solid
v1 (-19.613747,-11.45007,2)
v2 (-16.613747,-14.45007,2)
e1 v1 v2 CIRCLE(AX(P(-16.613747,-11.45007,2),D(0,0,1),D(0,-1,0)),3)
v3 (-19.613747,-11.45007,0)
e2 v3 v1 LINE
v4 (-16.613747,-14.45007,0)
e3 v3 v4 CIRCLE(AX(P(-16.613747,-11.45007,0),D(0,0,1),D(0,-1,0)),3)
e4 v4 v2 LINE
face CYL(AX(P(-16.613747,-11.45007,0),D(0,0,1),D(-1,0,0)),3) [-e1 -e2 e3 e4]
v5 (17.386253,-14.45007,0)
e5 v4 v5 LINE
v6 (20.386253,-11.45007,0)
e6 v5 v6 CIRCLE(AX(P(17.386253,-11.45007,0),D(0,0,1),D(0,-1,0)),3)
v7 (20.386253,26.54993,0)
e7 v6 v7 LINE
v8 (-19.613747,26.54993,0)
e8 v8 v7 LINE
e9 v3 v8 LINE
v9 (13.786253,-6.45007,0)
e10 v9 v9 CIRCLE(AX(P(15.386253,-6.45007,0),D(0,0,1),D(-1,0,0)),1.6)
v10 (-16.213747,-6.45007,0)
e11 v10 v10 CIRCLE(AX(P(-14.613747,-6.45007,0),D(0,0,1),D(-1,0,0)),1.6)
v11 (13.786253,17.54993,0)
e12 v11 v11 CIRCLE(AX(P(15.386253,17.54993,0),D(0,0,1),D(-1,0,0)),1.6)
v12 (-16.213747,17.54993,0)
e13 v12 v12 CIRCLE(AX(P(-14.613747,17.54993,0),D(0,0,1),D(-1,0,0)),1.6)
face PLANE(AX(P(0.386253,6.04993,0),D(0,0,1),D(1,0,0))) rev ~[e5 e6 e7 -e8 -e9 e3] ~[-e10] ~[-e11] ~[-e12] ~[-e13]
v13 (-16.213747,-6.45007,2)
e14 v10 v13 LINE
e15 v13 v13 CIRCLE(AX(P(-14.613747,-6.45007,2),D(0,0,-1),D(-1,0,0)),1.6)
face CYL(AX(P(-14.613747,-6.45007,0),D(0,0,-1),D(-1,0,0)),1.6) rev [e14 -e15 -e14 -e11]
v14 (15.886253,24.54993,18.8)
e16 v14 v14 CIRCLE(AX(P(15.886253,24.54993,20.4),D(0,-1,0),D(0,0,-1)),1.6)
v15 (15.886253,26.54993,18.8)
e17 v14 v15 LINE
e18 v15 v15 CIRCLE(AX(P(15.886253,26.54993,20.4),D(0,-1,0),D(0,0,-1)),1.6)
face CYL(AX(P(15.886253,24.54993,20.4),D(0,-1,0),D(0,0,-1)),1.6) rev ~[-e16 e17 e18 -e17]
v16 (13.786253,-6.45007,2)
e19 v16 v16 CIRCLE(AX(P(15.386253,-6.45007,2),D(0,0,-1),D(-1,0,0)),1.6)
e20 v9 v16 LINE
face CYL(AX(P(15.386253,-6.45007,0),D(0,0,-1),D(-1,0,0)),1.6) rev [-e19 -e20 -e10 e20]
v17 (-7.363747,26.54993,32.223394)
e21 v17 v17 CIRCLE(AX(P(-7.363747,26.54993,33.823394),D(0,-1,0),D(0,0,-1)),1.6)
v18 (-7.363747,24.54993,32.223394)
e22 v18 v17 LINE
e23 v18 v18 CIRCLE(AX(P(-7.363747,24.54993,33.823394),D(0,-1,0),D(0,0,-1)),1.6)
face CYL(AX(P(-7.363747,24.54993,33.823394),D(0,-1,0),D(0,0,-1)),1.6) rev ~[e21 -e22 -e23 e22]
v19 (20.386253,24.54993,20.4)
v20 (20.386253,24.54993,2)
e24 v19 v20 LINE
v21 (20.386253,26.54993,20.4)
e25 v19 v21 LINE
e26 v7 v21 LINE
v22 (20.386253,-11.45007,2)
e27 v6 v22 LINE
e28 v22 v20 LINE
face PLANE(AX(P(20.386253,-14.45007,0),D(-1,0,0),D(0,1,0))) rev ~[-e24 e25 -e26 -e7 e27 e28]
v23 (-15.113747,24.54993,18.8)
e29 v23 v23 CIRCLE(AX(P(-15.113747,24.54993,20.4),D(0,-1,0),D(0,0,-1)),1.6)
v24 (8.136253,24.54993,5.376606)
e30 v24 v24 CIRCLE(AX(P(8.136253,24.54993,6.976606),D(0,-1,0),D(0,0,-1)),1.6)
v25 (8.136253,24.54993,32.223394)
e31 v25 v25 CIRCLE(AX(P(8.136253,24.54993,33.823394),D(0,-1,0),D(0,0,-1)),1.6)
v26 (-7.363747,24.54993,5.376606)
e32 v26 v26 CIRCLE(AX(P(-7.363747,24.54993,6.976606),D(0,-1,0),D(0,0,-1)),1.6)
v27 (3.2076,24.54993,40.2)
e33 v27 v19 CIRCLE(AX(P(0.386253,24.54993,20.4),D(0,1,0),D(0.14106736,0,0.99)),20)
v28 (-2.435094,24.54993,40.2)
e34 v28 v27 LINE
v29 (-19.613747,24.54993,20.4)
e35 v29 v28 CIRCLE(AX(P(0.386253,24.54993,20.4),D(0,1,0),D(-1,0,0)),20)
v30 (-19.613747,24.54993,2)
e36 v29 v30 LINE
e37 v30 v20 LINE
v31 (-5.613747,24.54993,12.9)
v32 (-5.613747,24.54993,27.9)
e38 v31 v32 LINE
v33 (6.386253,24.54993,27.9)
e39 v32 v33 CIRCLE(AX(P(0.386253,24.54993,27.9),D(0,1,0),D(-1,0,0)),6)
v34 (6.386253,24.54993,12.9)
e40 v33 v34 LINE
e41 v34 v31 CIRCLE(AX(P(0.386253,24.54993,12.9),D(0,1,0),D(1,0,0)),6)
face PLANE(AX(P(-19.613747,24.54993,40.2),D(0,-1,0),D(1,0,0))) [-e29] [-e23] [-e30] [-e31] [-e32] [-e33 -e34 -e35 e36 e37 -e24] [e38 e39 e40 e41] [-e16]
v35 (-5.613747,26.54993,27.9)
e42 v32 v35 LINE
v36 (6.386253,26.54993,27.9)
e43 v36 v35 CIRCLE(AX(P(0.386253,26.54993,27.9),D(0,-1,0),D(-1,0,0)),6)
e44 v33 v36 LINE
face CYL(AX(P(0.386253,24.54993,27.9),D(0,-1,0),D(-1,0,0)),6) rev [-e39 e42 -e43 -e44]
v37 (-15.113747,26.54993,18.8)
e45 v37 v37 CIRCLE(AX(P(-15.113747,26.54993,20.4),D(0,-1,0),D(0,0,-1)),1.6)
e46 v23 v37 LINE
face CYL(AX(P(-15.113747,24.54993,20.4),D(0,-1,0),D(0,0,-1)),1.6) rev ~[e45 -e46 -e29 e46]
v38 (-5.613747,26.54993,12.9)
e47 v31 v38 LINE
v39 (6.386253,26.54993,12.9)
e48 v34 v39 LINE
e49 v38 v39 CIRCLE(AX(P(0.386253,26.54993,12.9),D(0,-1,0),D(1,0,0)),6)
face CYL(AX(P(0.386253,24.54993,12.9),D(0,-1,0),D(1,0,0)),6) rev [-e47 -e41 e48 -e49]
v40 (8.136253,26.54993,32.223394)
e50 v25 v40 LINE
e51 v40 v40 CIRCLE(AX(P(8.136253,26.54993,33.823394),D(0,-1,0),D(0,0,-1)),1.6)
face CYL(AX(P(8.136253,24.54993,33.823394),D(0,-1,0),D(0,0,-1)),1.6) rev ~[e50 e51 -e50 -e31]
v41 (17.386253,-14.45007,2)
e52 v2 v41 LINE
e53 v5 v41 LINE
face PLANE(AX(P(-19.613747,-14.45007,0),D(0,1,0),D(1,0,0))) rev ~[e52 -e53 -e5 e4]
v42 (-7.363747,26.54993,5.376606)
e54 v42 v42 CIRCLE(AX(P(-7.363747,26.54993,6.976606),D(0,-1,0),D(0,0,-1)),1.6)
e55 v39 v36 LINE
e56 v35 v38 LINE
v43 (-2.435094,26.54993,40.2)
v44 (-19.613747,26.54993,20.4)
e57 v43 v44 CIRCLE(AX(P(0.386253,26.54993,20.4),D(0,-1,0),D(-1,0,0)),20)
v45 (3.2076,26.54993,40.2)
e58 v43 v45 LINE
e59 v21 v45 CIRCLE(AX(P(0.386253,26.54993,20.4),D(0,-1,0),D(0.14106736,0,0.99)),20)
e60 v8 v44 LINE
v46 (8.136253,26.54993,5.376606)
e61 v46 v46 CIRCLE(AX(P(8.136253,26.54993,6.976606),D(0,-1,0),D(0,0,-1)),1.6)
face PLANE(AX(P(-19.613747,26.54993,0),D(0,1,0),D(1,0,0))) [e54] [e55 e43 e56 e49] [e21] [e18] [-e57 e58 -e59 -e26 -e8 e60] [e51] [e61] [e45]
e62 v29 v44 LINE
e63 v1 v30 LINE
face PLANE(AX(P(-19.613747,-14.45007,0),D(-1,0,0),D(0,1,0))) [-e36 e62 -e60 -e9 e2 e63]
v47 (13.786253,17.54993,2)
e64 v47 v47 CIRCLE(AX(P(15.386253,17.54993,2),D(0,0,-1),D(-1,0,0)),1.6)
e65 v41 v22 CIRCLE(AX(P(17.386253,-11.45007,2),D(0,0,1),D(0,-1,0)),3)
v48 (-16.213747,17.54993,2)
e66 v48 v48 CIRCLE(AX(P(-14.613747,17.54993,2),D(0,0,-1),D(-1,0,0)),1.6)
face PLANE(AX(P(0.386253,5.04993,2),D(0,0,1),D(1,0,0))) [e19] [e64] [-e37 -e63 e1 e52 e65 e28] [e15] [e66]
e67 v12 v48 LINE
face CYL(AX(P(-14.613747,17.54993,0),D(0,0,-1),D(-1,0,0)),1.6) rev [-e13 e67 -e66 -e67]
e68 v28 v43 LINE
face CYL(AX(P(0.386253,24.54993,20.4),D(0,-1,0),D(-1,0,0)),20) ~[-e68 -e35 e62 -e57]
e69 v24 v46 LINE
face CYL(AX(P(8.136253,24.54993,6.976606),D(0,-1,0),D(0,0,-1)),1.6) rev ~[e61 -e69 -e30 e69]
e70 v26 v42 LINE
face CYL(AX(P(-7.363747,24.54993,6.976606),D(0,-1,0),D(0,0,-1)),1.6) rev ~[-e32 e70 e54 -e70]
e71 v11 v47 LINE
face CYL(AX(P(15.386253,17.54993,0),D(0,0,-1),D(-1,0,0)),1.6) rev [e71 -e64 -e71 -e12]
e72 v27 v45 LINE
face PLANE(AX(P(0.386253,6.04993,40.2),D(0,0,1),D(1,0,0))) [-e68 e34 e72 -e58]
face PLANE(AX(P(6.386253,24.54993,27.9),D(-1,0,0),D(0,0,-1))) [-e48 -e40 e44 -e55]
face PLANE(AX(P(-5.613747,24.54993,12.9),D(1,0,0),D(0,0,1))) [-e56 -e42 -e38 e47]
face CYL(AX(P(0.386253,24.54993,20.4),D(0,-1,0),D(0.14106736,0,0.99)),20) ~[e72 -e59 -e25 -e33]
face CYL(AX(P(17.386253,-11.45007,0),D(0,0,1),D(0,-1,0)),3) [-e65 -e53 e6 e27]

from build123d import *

# Parameters (mm, degrees)
SKETCH_2_W          = 40
SKETCH_2_H          = 41
SKETCH_2_R          = 1.6
EXTRUDE_1_DEPTH     = 40.2
SKETCH_3_W          = 40
SKETCH_3_H          = 39
CUT_EXTRUDE_1_DEPTH = 38.2
CUT_EXTRUDE_2_DEPTH = 60.604020905
SKETCH_5_R          = 1.6
CUT_EXTRUDE_3_DEPTH = 60.604020905
FILLET_1_R          = 3


with BuildPart() as part:
    # 草图2 → 凸台-拉伸1 (new body)
    with BuildSketch(Plane.XY):
        with Locations((0.386252919, 6.049930002)):
            Rectangle(SKETCH_2_W, SKETCH_2_H)
        with Locations(Location((-14.613747081, -6.450069998, 0), (0, 0, 180))):
            Circle(SKETCH_2_R, mode=Mode.SUBTRACT)
        with Locations(Location((15.386252919, -6.450069998, 0), (0, 0, 180))):
            Circle(SKETCH_2_R, mode=Mode.SUBTRACT)
        with Locations(Location((-14.613747081, 17.549930002, 0), (0, 0, 180))):
            Circle(SKETCH_2_R, mode=Mode.SUBTRACT)
        with Locations(Location((15.386252919, 17.549930002, 0), (0, 0, 180))):
            Circle(SKETCH_2_R, mode=Mode.SUBTRACT)
    extrude(amount=EXTRUDE_1_DEPTH)

    # 草图3 → 切除-拉伸1 (cut)
    with BuildSketch(Plane.XY.offset(40.2)):
        with Locations((0.386252919, 5.049930002)):
            Rectangle(SKETCH_3_W, SKETCH_3_H)
    extrude(amount=-CUT_EXTRUDE_1_DEPTH, mode=Mode.SUBTRACT)

    # 草图4 → 切除-拉伸2 (cut, through all)
    with BuildSketch(Plane.XZ.offset(-24.549930002)):
        with BuildLine():
            Line((-2.435094277, 40.2), (-19.613747081, 40.2))
            Line((-19.613747081, 40.2), (-19.613747081, 20.4))
            ThreePointArc((-19.613747081, 20.4), (-14.720483061, 33.50673598), (-2.435094277, 40.2))
        make_face()
        with BuildLine():
            Line((20.386252919, 40.2), (3.207600115, 40.2))
            ThreePointArc((3.207600115, 40.2), (15.492988899, 33.50673598), (20.386252919, 20.4))
            Line((20.386252919, 20.4), (20.386252919, 40.2))
        make_face()
    extrude(amount=-CUT_EXTRUDE_2_DEPTH, mode=Mode.SUBTRACT)

    # 草图5 → 切除-拉伸3 (cut, through all)
    with BuildSketch(Plane.XZ.offset(-24.549930002)):
        with Locations(Location((-15.113747081, 20.4, 0), (0, 0, 270))):
            Circle(SKETCH_5_R)
        with Locations(Location((15.886252919, 20.4, 0), (0, 0, 270))):
            Circle(SKETCH_5_R)
        with Locations(Location((-7.363747081, 33.823393759, 0), (0, 0, 270))):
            Circle(SKETCH_5_R)
        with Locations(Location((8.136252919, 33.823393759, 0), (0, 0, 270))):
            Circle(SKETCH_5_R)
        with Locations(Location((-7.363747081, 6.976606241, 0), (0, 0, 270))):
            Circle(SKETCH_5_R)
        with Locations(Location((8.136252919, 6.976606241, 0), (0, 0, 270))):
            Circle(SKETCH_5_R)
        with BuildLine():
            Line((-5.613747081, 12.9), (-5.613747081, 27.9))
            ThreePointArc((-5.613747081, 27.9), (0.386252919, 33.9), (6.386252919, 27.9))
            Line((6.386252919, 27.9), (6.386252919, 12.9))
            ThreePointArc((6.386252919, 12.9), (0.386252919, 6.9), (-5.613747081, 12.9))
        make_face()
    extrude(amount=-CUT_EXTRUDE_3_DEPTH, mode=Mode.SUBTRACT)

    # 圆角1
    fillet_1_edges = [part.edges().sort_by_distance(p)[0] for p in [
        (20.386252919, -14.450069998, 1),
        (-19.613747081, -14.450069998, 1),
    ]]
    fillet(fillet_1_edges, radius=FILLET_1_R)


solid = part.part
